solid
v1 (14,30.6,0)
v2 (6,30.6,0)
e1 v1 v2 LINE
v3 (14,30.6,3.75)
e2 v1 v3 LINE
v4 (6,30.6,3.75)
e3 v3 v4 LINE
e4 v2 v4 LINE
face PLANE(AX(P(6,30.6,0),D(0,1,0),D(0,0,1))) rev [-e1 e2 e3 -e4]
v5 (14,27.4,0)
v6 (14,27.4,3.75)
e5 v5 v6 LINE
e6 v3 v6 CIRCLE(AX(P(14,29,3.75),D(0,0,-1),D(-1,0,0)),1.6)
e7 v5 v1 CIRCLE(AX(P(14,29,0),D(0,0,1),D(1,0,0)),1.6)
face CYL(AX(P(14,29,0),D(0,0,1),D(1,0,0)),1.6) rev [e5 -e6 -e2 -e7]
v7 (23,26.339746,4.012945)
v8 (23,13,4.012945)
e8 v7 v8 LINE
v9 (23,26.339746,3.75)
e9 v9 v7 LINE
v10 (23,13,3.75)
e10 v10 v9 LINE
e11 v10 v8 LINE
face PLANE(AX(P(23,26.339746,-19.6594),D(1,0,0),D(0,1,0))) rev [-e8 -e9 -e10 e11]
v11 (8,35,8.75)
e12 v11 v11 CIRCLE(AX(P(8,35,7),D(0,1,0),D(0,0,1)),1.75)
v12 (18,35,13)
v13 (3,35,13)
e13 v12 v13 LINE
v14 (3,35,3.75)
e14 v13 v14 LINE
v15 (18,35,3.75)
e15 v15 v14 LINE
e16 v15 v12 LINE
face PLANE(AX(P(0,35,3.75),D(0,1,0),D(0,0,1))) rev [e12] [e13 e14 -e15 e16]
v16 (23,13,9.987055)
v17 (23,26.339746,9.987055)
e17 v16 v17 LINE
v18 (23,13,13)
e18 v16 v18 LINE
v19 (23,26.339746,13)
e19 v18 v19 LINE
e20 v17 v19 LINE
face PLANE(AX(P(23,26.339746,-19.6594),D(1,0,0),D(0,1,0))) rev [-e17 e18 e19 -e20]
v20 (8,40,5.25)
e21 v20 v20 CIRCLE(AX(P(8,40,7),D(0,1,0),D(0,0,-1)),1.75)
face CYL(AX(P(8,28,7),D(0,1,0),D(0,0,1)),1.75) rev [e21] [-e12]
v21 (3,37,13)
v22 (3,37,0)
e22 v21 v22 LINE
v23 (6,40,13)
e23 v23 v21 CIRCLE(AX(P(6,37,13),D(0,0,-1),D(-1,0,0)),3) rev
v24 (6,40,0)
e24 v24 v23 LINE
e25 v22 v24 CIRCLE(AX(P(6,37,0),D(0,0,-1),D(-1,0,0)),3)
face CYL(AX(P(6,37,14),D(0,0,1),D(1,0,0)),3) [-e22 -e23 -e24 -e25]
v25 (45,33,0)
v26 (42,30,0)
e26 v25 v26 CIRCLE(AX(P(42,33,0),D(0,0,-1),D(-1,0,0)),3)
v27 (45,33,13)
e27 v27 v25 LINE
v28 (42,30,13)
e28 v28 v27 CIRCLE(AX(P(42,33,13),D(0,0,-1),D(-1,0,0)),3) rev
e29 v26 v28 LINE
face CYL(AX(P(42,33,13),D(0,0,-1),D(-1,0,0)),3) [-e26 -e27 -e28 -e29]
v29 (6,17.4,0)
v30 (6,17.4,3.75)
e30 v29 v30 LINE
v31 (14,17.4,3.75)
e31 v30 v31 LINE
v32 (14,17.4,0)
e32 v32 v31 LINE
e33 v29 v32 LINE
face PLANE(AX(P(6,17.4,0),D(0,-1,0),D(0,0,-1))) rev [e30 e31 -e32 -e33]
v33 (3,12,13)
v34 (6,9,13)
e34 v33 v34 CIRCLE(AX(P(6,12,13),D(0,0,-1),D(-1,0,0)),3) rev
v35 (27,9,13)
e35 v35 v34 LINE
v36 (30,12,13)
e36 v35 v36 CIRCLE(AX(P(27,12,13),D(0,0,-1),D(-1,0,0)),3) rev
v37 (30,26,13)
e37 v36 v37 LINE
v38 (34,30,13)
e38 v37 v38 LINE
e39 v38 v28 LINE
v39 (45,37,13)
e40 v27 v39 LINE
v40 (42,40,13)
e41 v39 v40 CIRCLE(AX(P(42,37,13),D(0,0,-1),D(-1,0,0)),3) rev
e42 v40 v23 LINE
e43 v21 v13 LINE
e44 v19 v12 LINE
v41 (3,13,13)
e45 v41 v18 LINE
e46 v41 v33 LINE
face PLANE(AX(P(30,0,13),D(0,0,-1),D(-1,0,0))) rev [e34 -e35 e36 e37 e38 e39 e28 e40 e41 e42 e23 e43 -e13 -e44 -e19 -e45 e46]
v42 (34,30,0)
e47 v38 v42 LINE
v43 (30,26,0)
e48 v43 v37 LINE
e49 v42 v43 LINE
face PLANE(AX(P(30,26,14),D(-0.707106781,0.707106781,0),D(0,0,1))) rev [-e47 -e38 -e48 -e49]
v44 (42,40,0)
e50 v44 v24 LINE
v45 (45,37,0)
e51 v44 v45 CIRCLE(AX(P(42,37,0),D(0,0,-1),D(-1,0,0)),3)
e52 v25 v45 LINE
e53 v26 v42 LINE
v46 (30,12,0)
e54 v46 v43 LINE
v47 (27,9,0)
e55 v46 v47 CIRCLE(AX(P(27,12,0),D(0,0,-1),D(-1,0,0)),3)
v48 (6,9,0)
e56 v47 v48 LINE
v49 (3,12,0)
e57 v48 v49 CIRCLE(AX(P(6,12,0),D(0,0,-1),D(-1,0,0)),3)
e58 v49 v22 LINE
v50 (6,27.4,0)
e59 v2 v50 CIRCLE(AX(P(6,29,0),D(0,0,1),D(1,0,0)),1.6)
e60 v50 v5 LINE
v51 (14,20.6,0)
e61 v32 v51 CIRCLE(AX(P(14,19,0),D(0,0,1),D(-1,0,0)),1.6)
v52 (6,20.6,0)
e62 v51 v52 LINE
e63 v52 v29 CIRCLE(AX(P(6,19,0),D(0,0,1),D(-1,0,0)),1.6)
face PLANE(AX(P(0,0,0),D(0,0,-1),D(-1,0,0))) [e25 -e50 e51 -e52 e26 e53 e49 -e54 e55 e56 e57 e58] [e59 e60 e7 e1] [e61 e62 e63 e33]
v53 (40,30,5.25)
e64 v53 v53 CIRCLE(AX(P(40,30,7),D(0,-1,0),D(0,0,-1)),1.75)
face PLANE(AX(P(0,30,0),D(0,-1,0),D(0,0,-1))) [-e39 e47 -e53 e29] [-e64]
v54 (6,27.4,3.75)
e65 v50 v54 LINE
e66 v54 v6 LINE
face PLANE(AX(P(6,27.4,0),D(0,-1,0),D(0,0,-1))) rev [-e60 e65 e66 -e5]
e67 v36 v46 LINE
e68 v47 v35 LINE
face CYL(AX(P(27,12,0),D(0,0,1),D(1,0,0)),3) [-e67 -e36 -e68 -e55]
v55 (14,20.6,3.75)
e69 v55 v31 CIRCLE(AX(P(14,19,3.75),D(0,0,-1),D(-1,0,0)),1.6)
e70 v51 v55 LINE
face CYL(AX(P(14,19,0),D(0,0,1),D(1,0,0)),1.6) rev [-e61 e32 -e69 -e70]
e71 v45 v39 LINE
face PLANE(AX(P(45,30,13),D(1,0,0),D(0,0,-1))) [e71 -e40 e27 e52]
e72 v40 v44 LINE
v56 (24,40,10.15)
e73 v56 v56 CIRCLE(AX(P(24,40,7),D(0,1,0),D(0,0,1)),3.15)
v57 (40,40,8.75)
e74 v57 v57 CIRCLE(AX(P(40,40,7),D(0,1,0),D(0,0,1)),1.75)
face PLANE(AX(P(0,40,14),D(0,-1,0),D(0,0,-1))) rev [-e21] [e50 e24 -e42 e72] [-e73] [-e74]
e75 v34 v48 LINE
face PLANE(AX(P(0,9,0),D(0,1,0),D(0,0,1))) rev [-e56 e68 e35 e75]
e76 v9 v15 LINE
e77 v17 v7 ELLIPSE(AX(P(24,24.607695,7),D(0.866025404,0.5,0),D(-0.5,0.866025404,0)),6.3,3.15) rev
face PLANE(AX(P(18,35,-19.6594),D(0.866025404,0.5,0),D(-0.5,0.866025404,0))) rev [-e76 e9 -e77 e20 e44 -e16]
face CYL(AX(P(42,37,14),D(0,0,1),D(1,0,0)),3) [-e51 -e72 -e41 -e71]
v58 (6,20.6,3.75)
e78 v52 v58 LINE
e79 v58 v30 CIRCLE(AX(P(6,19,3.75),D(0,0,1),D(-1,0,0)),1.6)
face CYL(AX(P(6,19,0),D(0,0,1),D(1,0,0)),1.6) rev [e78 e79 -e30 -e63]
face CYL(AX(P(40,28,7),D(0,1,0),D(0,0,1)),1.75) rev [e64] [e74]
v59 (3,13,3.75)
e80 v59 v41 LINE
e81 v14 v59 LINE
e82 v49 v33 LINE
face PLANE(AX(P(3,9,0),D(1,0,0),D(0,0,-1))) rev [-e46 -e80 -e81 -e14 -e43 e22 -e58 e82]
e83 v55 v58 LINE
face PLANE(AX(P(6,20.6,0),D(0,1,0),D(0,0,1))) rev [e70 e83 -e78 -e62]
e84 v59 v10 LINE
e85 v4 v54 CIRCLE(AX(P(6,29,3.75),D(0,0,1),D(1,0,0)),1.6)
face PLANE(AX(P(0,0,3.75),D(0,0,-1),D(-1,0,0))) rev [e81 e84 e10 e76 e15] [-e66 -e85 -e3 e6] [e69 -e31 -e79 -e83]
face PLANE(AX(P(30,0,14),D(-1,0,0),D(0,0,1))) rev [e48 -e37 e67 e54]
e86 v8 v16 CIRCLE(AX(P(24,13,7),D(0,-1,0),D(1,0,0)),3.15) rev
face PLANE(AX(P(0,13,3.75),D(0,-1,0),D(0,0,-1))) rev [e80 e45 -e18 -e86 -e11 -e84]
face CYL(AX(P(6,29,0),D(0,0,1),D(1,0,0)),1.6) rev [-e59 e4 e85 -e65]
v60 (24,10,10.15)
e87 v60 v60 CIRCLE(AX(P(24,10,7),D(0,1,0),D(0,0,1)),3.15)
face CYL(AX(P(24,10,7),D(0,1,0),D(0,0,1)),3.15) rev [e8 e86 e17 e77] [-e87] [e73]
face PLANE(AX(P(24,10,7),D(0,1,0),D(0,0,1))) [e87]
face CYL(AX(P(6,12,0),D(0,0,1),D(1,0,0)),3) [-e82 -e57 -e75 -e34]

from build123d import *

# Parameters (mm, degrees)
ESQUISSE1_W                   = 30
ESQUISSE1_H                   = 40
BOSS_EXTRU_1_DEPTH            = 14
ESQUISSE3_R                   = 3.15
ENL_V_MAT_EXTRU_1_DEPTH       = 30
ESQUISSE4_W                   = 15
ESQUISSE4_H                   = 22
ENL_V_MAT_EXTRU_2_DEPTH       = 10.25
ENL_V_MAT_EXTRU_3_DEPTH       = 4.75
ENL_V_MAT_EXTRU_4_DEPTH       = 10.25
ESQUISSE7_R                   = 1.75
ENL_V_MAT_EXTRU_5_DEPTH       = 15
ENL_V_START                   = -40
ESQUISSE9_W                   = 30
ESQUISSE9_H                   = 1
ENL_V_MAT_EXTRU_9_DEPTH       = 40
ENL_V_START_2                 = -13
ESQUISSE11_W                  = 30
ESQUISSE11_H                  = 9
ENL_V_MAT_EXTRU_10_DEPTH      = 13
ESQUISSE12_W                  = 15
ESQUISSE12_H                  = 13
BOSS_EXTRU_2_DEPTH            = 10
ESQUISSE13_R                  = 1.75
ENL_V_MAT_EXTRU_11_DEPTH      = 12
CHANFREIN1_SIZE               = 4
ESQUISSE14_W                  = 3
ESQUISSE14_H                  = 31
ENL_V_MAT_EXTRU_12_DEPTH      = 1
ENL_V_MAT_EXTRU_12_DEPTH_BACK = 14
CONG_1_R                      = 3


with BuildPart() as part:
    # Esquisse1 → Boss.-Extru.1 (new body)
    with BuildSketch(Plane.XY):
        with Locations((15, 20)):
            Rectangle(ESQUISSE1_W, ESQUISSE1_H)
    extrude(amount=BOSS_EXTRU_1_DEPTH)

    # Esquisse3 → Enlèv. mat.-Extru.1 (cut)
    with BuildSketch(Plane(origin=(0, 40, 0), x_dir=(1, 0, 0), z_dir=(0, 1, 0))):
        with Locations((24, -7)):
            Circle(ESQUISSE3_R)
    extrude(amount=-ENL_V_MAT_EXTRU_1_DEPTH, mode=Mode.SUBTRACT)

    # Esquisse4 → Enlèv. mat.-Extru.2 (cut)
    with BuildSketch(Plane.XY.offset(14)):
        with Locations((7.5, 24)):
            Rectangle(ESQUISSE4_W, ESQUISSE4_H)
    extrude(amount=-ENL_V_MAT_EXTRU_2_DEPTH, mode=Mode.SUBTRACT)

    # Esquisse5 → Enlèv. mat.-Extru.3 (cut, through all)
    with BuildSketch(Plane.XY.offset(3.75)):
        with BuildLine():
            Line((6, 30.6), (14, 30.6))
            ThreePointArc((14, 30.6), (15.6, 29), (14, 27.4))
            Line((14, 27.4), (6, 27.4))
            ThreePointArc((6, 27.4), (4.4, 29), (6, 30.6))
        make_face()
        with BuildLine():
            Line((6, 17.4), (14, 17.4))
            ThreePointArc((14, 17.4), (15.6, 19), (14, 20.6))
            Line((14, 20.6), (6, 20.6))
            ThreePointArc((6, 20.6), (4.4, 19), (6, 17.4))
        make_face()
    extrude(amount=-ENL_V_MAT_EXTRU_3_DEPTH, mode=Mode.SUBTRACT)

    # Esquisse6 → Enlèv. mat.-Extru.4 (cut)
    with BuildSketch(Plane.XY.offset(14)):
        Polygon((15, 35), (18, 35), (23, 26.339745962), (23, 13), (15, 13), align=None)
    extrude(amount=-ENL_V_MAT_EXTRU_4_DEPTH, mode=Mode.SUBTRACT)

    # Esquisse7 → Enlèv. mat.-Extru.5 (cut, through all)
    with BuildSketch(Plane.XY.offset(14)):
        with Locations((5, 6.5)):
            Circle(ESQUISSE7_R)
        with Locations((25, 6.5)):
            Circle(ESQUISSE7_R)
    extrude(amount=-ENL_V_MAT_EXTRU_5_DEPTH, mode=Mode.SUBTRACT)

    # Esquisse9 → Enlèv. mat.-Extru.9 (cut)
    with BuildSketch(Plane(origin=(0, 40, 0), x_dir=(1, 0, 0), z_dir=(0, 1, 0)).offset(ENL_V_START)):
        with Locations((15, -13.5)):
            Rectangle(ESQUISSE9_W, ESQUISSE9_H)
    extrude(amount=ENL_V_MAT_EXTRU_9_DEPTH, mode=Mode.SUBTRACT)

    # Esquisse11 → Enlèv. mat.-Extru.10 (cut)
    with BuildSketch(Plane.XY.offset(13).offset(ENL_V_START_2)):
        with Locations((15, 4.5)):
            Rectangle(ESQUISSE11_W, ESQUISSE11_H)
    extrude(amount=ENL_V_MAT_EXTRU_10_DEPTH, mode=Mode.SUBTRACT)

    # Esquisse12 → Boss.-Extru.2 (add)
    with BuildSketch(Plane(origin=(0, 40, 0), x_dir=(1, 0, 0), z_dir=(0, 1, 0))):
        with Locations((37.5, -6.5)):
            Rectangle(ESQUISSE12_W, ESQUISSE12_H)
    extrude(amount=-BOSS_EXTRU_2_DEPTH)

    # Esquisse13 → Enlèv. mat.-Extru.11 (cut)
    with BuildSketch(Plane(origin=(0, 40, 0), x_dir=(1, 0, 0), z_dir=(0, 1, 0))):
        with Locations((40, -7)):
            Circle(ESQUISSE13_R)
        with Locations((8, -7)):
            Circle(ESQUISSE13_R)
    extrude(amount=-ENL_V_MAT_EXTRU_11_DEPTH, mode=Mode.SUBTRACT)

    # Chanfrein1
    chanfrein1_edges = [part.edges().sort_by_distance(p)[0] for p in [
        (30, 30, 6.5),
    ]]
    chamfer(chanfrein1_edges, length=CHANFREIN1_SIZE)

    # Esquisse14 → Enlèv. mat.-Extru.12 (cut, two sides)
    with BuildSketch(Plane.XY.offset(13)) as enl_v_mat_extru_12_sk:
        with Locations((1.5, 24.5)):
            Rectangle(ESQUISSE14_W, ESQUISSE14_H)
    extrude(amount=ENL_V_MAT_EXTRU_12_DEPTH, mode=Mode.SUBTRACT)
    extrude(enl_v_mat_extru_12_sk.sketch, amount=-ENL_V_MAT_EXTRU_12_DEPTH_BACK, mode=Mode.SUBTRACT)

    # Congé1
    cong_1_edges = [part.edges().sort_by_distance(p)[0] for p in [
        (30, 9, 6.5),
        (45, 30, 6.5),
        (45, 40, 6.5),
        (3, 9, 6.5),
        (3, 40, 6.5),
    ]]
    fillet(cong_1_edges, radius=CONG_1_R)


solid = part.part
